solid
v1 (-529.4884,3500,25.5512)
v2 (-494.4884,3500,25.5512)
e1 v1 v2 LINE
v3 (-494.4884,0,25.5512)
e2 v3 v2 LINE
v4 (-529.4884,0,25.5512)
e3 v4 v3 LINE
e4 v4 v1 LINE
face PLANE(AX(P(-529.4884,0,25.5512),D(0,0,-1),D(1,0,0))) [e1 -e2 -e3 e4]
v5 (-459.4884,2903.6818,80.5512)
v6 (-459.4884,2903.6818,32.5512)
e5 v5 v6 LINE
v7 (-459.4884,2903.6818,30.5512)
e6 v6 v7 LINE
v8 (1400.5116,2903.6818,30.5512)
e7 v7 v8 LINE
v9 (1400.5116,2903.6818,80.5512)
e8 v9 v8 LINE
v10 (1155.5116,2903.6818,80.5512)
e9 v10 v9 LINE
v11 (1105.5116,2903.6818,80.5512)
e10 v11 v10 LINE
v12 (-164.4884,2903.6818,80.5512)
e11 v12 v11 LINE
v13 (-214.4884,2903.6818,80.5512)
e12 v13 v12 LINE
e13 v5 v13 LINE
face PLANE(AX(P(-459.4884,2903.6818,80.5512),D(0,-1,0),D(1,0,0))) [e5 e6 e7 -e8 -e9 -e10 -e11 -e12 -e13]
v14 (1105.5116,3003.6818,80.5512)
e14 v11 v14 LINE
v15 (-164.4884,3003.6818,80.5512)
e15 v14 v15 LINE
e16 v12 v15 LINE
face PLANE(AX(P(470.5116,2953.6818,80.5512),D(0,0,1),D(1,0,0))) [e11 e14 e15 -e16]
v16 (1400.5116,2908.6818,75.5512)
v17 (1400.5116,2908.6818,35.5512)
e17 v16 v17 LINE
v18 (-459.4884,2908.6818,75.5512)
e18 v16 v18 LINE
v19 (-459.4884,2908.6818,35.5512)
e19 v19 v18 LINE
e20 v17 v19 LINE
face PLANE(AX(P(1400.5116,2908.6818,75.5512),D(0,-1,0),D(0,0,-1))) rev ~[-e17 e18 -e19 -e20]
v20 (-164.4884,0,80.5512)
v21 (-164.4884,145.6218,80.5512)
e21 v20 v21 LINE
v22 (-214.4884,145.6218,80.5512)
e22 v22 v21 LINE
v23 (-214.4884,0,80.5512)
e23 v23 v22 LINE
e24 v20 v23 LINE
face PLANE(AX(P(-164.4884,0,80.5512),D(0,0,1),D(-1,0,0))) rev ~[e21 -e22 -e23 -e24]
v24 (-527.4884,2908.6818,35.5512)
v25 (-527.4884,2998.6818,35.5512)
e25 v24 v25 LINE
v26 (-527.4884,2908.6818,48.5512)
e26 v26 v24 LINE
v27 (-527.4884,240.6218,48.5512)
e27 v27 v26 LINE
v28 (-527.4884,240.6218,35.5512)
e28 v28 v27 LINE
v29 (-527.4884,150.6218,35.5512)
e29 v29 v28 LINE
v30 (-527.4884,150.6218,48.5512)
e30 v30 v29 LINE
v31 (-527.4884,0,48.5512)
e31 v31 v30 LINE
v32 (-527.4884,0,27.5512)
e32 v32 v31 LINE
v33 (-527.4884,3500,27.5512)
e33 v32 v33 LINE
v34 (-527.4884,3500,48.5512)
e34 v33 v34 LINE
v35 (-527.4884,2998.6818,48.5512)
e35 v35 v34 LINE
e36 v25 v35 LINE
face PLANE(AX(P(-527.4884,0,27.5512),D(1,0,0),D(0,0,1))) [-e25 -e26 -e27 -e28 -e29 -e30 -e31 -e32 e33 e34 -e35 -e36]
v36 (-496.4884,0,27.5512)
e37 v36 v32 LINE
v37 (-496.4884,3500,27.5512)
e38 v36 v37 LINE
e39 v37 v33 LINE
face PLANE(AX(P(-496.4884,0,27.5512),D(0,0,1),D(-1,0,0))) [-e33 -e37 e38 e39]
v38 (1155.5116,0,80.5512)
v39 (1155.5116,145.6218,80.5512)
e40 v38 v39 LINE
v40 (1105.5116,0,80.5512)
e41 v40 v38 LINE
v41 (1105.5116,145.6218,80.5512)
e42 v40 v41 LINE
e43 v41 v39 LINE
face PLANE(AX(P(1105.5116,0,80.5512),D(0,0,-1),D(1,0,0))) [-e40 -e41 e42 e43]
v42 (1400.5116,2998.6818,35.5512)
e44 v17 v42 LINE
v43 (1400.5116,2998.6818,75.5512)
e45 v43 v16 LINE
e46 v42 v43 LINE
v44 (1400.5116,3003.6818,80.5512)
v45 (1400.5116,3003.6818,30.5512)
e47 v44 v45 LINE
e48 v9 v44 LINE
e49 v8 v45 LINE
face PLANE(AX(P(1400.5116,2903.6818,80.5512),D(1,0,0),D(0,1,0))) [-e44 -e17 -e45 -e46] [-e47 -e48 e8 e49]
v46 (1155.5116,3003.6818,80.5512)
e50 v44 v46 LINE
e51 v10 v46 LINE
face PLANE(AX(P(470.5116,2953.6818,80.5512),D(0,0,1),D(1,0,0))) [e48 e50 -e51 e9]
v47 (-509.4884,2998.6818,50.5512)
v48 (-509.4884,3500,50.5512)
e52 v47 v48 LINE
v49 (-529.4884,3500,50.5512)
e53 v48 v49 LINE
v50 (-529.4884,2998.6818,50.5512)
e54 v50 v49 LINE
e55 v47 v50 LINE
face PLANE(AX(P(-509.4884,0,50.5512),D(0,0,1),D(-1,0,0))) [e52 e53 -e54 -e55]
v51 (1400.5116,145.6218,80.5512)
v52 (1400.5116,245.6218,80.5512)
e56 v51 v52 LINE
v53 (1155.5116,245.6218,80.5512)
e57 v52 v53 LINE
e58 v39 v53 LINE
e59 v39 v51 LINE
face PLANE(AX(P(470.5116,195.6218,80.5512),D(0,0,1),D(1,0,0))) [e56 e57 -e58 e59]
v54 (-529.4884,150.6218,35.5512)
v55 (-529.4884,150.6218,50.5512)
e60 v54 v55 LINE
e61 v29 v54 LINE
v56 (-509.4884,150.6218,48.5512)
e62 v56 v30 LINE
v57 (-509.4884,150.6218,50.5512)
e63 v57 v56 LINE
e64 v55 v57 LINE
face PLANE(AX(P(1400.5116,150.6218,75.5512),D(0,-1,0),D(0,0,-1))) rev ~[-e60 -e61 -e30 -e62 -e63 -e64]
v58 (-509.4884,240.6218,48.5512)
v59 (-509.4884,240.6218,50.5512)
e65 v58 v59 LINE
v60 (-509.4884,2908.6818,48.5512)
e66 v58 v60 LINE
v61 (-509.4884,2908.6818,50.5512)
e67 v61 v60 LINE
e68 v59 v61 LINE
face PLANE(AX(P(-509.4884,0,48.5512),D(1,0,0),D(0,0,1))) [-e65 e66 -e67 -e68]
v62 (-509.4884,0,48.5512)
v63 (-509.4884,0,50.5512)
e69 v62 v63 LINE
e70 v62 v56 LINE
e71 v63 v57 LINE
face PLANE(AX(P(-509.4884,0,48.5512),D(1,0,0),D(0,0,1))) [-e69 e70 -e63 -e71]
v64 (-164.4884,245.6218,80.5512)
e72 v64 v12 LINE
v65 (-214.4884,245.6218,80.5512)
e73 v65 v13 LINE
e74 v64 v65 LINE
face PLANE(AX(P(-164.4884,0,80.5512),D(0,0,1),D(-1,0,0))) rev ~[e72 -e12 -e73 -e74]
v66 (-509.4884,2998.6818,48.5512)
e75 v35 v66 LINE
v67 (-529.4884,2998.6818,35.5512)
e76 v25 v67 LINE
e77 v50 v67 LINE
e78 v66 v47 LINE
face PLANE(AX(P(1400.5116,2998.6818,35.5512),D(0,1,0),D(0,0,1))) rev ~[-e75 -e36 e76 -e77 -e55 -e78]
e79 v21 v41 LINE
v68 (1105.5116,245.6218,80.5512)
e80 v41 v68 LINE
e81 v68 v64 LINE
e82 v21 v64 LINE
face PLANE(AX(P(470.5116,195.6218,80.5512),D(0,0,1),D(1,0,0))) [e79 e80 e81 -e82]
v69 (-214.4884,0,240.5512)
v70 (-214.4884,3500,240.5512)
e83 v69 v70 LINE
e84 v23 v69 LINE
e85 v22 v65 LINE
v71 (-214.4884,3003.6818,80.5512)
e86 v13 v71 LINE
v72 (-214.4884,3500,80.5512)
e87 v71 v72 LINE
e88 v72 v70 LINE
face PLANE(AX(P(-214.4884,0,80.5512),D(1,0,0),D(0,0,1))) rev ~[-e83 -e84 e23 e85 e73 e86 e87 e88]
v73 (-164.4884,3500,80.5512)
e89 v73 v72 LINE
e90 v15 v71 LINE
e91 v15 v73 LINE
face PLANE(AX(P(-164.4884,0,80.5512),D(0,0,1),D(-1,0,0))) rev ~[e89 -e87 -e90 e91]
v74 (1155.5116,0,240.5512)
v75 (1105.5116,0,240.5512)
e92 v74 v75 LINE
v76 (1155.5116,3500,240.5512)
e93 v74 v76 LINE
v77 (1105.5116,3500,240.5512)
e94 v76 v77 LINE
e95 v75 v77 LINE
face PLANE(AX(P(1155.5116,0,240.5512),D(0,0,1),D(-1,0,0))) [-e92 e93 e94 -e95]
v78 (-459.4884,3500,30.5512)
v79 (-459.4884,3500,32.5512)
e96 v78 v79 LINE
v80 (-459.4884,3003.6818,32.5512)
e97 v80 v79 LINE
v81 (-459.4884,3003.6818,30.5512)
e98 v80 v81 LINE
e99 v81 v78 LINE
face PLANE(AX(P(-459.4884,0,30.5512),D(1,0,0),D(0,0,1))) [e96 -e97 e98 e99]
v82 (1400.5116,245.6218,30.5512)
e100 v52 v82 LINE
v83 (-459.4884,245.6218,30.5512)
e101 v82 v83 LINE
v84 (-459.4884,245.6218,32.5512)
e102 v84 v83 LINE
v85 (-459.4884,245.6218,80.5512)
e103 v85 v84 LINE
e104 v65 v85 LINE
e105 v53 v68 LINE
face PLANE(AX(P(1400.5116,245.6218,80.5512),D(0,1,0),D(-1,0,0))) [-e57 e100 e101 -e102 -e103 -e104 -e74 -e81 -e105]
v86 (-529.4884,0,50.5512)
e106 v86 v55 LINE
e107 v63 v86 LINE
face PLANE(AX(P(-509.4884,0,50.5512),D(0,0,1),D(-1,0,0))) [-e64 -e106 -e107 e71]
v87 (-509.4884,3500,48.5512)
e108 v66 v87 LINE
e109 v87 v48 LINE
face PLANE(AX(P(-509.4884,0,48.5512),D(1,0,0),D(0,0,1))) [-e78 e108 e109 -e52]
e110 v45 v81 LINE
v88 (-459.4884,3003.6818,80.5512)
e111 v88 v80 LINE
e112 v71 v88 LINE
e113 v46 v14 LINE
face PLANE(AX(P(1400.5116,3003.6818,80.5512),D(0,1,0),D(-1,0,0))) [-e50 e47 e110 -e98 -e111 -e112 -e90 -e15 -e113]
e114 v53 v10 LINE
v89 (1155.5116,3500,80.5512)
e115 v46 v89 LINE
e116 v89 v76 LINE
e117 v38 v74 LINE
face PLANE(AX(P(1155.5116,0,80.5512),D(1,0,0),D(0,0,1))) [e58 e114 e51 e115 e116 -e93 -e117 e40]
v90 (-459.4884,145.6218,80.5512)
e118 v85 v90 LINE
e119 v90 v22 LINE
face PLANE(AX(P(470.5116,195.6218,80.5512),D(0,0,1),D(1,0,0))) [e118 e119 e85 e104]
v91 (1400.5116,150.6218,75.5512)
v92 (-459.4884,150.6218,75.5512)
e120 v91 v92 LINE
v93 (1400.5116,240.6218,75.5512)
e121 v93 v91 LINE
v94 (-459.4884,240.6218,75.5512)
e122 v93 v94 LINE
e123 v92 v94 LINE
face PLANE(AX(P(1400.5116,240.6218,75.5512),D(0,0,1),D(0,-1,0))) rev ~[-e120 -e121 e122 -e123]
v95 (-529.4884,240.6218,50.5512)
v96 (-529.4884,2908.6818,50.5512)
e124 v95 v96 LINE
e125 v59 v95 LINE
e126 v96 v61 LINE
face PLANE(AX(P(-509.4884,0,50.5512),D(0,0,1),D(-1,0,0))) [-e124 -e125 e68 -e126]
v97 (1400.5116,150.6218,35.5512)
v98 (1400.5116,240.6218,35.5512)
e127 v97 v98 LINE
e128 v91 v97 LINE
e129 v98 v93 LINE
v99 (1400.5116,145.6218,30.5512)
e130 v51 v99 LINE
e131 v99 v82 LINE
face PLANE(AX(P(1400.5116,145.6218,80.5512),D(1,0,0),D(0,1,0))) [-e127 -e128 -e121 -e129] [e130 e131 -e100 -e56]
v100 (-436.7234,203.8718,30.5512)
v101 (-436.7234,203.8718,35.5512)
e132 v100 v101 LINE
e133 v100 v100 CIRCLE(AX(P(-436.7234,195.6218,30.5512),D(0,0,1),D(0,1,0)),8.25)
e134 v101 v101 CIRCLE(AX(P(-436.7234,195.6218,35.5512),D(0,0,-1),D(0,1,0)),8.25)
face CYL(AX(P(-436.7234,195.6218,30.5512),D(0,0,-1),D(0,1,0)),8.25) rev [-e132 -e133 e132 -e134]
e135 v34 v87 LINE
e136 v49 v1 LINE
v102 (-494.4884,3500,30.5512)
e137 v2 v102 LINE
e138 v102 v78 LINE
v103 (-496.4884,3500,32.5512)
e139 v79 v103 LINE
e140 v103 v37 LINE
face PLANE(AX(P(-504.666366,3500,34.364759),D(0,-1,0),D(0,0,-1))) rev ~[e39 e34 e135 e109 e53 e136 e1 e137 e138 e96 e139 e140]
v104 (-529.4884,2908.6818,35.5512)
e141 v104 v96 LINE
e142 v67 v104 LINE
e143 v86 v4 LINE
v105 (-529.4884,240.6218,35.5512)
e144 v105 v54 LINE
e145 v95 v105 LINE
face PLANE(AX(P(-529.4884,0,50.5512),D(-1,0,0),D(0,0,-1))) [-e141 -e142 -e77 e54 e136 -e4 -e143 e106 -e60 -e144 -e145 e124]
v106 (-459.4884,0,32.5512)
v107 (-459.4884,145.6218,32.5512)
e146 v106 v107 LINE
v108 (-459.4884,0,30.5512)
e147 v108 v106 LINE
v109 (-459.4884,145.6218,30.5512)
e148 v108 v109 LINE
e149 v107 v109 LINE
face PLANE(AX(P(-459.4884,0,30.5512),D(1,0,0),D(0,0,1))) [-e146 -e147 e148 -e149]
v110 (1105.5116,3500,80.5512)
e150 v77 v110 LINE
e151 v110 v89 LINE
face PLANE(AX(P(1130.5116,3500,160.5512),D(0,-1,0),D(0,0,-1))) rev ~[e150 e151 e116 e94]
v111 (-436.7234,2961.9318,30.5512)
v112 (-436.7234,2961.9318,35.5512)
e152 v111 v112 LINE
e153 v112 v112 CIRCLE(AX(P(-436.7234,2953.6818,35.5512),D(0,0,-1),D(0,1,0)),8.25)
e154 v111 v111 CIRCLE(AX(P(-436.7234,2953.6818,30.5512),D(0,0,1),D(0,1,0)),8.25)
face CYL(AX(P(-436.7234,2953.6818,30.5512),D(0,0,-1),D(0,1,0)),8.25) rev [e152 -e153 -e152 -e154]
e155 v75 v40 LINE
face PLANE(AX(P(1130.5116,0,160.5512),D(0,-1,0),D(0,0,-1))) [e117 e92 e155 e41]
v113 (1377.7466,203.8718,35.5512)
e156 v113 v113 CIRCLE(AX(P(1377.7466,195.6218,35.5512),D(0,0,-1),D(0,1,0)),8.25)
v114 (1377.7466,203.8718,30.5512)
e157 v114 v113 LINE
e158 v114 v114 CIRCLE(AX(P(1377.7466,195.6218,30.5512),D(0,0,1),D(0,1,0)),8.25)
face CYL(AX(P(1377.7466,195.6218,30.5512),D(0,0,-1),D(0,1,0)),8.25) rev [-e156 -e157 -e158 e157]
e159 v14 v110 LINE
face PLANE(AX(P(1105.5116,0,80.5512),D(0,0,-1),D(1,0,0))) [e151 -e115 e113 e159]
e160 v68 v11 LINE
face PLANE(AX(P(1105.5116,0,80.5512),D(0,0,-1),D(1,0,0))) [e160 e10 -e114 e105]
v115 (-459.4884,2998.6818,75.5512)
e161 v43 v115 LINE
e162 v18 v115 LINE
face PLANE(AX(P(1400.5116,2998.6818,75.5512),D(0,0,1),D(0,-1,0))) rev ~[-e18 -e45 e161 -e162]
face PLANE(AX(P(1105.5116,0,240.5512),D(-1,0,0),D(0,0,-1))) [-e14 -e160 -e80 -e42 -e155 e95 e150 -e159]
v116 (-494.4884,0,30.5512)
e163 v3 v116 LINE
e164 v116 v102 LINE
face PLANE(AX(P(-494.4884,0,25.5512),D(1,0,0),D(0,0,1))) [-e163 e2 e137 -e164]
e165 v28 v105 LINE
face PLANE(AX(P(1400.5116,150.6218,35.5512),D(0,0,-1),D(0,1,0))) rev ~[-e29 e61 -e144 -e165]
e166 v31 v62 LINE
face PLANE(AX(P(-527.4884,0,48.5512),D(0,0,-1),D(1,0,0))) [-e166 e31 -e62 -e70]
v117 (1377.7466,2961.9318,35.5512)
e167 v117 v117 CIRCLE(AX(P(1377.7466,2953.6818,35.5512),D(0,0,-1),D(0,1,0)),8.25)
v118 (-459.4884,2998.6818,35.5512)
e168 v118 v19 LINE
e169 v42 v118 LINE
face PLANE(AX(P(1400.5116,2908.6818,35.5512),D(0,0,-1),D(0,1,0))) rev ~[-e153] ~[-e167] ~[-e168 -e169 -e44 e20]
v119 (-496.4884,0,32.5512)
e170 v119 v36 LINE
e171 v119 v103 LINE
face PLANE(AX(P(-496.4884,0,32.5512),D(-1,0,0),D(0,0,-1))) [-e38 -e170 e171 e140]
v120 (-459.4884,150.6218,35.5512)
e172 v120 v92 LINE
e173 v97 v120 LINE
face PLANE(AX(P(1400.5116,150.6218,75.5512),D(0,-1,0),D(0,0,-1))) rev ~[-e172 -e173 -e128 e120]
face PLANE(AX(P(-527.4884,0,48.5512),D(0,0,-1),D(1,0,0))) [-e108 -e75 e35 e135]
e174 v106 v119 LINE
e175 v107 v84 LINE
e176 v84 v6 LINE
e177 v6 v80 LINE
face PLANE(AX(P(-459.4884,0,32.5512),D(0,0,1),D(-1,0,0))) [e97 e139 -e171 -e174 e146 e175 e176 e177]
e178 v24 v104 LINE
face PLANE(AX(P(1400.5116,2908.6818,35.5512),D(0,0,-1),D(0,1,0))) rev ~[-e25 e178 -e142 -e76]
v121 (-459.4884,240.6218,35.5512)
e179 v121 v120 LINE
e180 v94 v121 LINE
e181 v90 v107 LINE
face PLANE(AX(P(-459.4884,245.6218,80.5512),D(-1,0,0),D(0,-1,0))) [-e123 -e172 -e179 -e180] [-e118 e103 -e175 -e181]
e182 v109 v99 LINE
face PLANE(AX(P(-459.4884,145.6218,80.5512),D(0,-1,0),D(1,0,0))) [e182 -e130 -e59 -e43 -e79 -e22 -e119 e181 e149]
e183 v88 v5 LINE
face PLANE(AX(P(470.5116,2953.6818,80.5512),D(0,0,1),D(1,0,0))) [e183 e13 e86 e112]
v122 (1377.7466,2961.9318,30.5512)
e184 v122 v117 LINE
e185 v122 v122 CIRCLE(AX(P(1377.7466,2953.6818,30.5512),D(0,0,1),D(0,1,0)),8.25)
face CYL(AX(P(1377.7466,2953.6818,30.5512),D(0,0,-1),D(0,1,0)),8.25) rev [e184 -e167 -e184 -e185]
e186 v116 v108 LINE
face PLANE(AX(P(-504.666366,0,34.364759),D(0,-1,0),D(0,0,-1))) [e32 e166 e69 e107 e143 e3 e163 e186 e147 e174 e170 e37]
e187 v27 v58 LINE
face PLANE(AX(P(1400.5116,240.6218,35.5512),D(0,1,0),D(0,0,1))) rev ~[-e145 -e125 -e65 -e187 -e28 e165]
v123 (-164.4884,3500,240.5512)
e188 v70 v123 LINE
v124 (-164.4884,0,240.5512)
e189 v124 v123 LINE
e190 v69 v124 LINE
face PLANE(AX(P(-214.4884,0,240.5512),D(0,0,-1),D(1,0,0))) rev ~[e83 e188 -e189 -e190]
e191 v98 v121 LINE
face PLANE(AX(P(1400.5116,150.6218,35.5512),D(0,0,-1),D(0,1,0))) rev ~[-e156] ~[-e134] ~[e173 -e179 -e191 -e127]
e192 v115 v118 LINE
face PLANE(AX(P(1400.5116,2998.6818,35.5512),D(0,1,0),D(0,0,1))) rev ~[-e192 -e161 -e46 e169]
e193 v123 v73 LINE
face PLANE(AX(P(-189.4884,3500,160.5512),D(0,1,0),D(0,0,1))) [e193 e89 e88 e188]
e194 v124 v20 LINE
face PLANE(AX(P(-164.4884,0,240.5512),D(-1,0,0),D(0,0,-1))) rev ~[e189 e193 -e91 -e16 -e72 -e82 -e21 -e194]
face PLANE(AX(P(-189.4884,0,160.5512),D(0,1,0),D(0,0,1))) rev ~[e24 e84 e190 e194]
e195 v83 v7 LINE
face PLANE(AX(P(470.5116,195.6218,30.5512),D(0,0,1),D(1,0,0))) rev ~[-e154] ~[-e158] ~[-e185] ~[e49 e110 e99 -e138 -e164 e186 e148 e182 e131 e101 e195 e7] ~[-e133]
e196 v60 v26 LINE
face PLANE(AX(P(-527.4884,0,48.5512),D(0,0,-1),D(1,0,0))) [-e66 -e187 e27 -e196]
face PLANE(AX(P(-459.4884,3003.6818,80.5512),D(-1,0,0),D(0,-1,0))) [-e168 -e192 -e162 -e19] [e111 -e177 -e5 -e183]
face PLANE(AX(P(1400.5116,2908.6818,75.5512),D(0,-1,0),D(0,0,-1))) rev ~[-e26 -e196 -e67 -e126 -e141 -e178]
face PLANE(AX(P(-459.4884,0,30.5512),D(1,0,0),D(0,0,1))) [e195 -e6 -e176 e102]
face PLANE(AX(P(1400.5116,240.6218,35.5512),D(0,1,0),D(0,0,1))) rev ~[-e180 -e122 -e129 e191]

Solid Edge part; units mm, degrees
sketch "Sketch1" plane through (0, 0, 0) normal (0, -1, 0) x (1, 0, 0)
  line L0 (-164.4884, 80.5512) -> (-214.4884, 80.5512)
  line L1 (-214.4884, 80.5512) -> (-214.4884, 240.5512)
  line L2 (-214.4884, 240.5512) -> (-164.4884, 240.5512)
  line L3 (-164.4884, 240.5512) -> (-164.4884, 80.5512)
  line L4 (-529.4884, 25.5512) -> (-494.4884, 25.5512)
  line L5 (-494.4884, 25.5512) -> (-494.4884, 30.5512)
  line L6 (-494.4884, 30.5512) -> (-459.4884, 30.5512)
  line L7 (-459.4884, 30.5512) -> (-459.4884, 32.5512)
  line L8 (-459.4884, 32.5512) -> (-496.4884, 32.5512)
  line L9 (-496.4884, 32.5512) -> (-496.4884, 27.5512)
  line L10 (-496.4884, 27.5512) -> (-527.4884, 27.5512)
  line L11 (-527.4884, 27.5512) -> (-527.4884, 48.5512)
  line L12 (-527.4884, 48.5512) -> (-509.4884, 48.5512)
  line L13 (-509.4884, 48.5512) -> (-509.4884, 50.5512)
  line L14 (-509.4884, 50.5512) -> (-529.4884, 50.5512)
  line L15 (-529.4884, 50.5512) -> (-529.4884, 25.5512)
  line L16 (1105.5116, 80.5512) -> (1155.5116, 80.5512)
  line L17 (1155.5116, 80.5512) -> (1155.5116, 240.5512)
  line L18 (1155.5116, 240.5512) -> (1105.5116, 240.5512)
  line L19 (1105.5116, 240.5512) -> (1105.5116, 80.5512)
  dimension "D1" = 160
  dimension "D2" = 50
  dimension "D3" = 160
  dimension "D4" = 50
  dimension "D5" = 1370
  dimension "D6" = 2
  dimension "D7" = 2
  dimension "D8" = 2
  dimension "D9" = 2
  dimension "D10" = 2
  dimension "D11" = 35
  dimension "D12" = 35
  dimension "D13" = 25
  dimension "D14" = 5
  dimension "D15" = 20
  dimension "D16" = 50
  dimension "D17" = 245
extrude "Protrusion1" add sketch "Sketch1" against normal blind 3500
sketch "Sketch2" plane through (-67.4737, 1750, 80.5512) normal (0, 0, -1) x (0, 1, 0)
  line L0 (1153.6818, 1467.9853) -> (1253.6818, 1467.9853)
  line L1 (1253.6818, 1467.9853) -> (1253.6818, -392.0147)
  line L2 (1253.6818, -392.0147) -> (1153.6818, -392.0147)
  line L3 (1153.6818, -392.0147) -> (1153.6818, 1467.9853)
  line L4 (-1604.3782, 1467.9853) -> (-1504.3782, 1467.9853)
  line L5 (-1504.3782, 1467.9853) -> (-1504.3782, -392.0147)
  line L6 (-1504.3782, -392.0147) -> (-1604.3782, -392.0147)
  line L7 (-1604.3782, -392.0147) -> (-1604.3782, 1467.9853)
  dimension "D1" = 1860
  dimension "D2" = 100
  dimension "D3" = 685
  dimension "D4" = 100
  dimension "D5" = 2758.06
extrude "ExtrudedProtrusion_6" add sketch "Sketch2" along normal blind 50
sketch "Sketch3" plane through (1400.5116, 3170.6218, -25) normal (1, 0, 0) x (0, -1, 0)
  line L0 (2930, -60.5512) -> (2930, -100.5512)
  line L1 (2930, -100.5512) -> (3020, -100.5512)
  line L2 (3020, -100.5512) -> (3020, -60.5512)
  line L3 (3020, -60.5512) -> (2930, -60.5512)
  line L4 (171.94, -60.5512) -> (171.94, -100.5512)
  line L5 (171.94, -100.5512) -> (261.94, -100.5512)
  line L6 (261.94, -100.5512) -> (261.94, -60.5512)
  line L7 (261.94, -60.5512) -> (171.94, -60.5512)
  dimension "D1" = 5
  dimension "D2" = 5
  dimension "D3" = 5
  dimension "D4" = 5
  dimension "D5" = 5
  dimension "D6" = 5
  dimension "D7" = 5
  dimension "D8" = 5
extrude "Cutout1" cut sketch "Sketch3" against normal through all
hole "Hole_1" at (1377.7466, 2953.6818, 30.5512) direction (0, 0, 1) diameter 16.5 end up to next
hole "Hole1" at (1377.7466, 195.6218, 30.5512) direction (0, 0, 1) diameter 16.5 end up to next
hole "Hole2" at (-436.7234, 195.6218, 30.5512) direction (0, 0, 1) diameter 16.5 end up to next
hole "Hole3" at (-436.7234, 2953.6818, 30.5512) direction (0, 0, 1) diameter 16.5 end up to next
